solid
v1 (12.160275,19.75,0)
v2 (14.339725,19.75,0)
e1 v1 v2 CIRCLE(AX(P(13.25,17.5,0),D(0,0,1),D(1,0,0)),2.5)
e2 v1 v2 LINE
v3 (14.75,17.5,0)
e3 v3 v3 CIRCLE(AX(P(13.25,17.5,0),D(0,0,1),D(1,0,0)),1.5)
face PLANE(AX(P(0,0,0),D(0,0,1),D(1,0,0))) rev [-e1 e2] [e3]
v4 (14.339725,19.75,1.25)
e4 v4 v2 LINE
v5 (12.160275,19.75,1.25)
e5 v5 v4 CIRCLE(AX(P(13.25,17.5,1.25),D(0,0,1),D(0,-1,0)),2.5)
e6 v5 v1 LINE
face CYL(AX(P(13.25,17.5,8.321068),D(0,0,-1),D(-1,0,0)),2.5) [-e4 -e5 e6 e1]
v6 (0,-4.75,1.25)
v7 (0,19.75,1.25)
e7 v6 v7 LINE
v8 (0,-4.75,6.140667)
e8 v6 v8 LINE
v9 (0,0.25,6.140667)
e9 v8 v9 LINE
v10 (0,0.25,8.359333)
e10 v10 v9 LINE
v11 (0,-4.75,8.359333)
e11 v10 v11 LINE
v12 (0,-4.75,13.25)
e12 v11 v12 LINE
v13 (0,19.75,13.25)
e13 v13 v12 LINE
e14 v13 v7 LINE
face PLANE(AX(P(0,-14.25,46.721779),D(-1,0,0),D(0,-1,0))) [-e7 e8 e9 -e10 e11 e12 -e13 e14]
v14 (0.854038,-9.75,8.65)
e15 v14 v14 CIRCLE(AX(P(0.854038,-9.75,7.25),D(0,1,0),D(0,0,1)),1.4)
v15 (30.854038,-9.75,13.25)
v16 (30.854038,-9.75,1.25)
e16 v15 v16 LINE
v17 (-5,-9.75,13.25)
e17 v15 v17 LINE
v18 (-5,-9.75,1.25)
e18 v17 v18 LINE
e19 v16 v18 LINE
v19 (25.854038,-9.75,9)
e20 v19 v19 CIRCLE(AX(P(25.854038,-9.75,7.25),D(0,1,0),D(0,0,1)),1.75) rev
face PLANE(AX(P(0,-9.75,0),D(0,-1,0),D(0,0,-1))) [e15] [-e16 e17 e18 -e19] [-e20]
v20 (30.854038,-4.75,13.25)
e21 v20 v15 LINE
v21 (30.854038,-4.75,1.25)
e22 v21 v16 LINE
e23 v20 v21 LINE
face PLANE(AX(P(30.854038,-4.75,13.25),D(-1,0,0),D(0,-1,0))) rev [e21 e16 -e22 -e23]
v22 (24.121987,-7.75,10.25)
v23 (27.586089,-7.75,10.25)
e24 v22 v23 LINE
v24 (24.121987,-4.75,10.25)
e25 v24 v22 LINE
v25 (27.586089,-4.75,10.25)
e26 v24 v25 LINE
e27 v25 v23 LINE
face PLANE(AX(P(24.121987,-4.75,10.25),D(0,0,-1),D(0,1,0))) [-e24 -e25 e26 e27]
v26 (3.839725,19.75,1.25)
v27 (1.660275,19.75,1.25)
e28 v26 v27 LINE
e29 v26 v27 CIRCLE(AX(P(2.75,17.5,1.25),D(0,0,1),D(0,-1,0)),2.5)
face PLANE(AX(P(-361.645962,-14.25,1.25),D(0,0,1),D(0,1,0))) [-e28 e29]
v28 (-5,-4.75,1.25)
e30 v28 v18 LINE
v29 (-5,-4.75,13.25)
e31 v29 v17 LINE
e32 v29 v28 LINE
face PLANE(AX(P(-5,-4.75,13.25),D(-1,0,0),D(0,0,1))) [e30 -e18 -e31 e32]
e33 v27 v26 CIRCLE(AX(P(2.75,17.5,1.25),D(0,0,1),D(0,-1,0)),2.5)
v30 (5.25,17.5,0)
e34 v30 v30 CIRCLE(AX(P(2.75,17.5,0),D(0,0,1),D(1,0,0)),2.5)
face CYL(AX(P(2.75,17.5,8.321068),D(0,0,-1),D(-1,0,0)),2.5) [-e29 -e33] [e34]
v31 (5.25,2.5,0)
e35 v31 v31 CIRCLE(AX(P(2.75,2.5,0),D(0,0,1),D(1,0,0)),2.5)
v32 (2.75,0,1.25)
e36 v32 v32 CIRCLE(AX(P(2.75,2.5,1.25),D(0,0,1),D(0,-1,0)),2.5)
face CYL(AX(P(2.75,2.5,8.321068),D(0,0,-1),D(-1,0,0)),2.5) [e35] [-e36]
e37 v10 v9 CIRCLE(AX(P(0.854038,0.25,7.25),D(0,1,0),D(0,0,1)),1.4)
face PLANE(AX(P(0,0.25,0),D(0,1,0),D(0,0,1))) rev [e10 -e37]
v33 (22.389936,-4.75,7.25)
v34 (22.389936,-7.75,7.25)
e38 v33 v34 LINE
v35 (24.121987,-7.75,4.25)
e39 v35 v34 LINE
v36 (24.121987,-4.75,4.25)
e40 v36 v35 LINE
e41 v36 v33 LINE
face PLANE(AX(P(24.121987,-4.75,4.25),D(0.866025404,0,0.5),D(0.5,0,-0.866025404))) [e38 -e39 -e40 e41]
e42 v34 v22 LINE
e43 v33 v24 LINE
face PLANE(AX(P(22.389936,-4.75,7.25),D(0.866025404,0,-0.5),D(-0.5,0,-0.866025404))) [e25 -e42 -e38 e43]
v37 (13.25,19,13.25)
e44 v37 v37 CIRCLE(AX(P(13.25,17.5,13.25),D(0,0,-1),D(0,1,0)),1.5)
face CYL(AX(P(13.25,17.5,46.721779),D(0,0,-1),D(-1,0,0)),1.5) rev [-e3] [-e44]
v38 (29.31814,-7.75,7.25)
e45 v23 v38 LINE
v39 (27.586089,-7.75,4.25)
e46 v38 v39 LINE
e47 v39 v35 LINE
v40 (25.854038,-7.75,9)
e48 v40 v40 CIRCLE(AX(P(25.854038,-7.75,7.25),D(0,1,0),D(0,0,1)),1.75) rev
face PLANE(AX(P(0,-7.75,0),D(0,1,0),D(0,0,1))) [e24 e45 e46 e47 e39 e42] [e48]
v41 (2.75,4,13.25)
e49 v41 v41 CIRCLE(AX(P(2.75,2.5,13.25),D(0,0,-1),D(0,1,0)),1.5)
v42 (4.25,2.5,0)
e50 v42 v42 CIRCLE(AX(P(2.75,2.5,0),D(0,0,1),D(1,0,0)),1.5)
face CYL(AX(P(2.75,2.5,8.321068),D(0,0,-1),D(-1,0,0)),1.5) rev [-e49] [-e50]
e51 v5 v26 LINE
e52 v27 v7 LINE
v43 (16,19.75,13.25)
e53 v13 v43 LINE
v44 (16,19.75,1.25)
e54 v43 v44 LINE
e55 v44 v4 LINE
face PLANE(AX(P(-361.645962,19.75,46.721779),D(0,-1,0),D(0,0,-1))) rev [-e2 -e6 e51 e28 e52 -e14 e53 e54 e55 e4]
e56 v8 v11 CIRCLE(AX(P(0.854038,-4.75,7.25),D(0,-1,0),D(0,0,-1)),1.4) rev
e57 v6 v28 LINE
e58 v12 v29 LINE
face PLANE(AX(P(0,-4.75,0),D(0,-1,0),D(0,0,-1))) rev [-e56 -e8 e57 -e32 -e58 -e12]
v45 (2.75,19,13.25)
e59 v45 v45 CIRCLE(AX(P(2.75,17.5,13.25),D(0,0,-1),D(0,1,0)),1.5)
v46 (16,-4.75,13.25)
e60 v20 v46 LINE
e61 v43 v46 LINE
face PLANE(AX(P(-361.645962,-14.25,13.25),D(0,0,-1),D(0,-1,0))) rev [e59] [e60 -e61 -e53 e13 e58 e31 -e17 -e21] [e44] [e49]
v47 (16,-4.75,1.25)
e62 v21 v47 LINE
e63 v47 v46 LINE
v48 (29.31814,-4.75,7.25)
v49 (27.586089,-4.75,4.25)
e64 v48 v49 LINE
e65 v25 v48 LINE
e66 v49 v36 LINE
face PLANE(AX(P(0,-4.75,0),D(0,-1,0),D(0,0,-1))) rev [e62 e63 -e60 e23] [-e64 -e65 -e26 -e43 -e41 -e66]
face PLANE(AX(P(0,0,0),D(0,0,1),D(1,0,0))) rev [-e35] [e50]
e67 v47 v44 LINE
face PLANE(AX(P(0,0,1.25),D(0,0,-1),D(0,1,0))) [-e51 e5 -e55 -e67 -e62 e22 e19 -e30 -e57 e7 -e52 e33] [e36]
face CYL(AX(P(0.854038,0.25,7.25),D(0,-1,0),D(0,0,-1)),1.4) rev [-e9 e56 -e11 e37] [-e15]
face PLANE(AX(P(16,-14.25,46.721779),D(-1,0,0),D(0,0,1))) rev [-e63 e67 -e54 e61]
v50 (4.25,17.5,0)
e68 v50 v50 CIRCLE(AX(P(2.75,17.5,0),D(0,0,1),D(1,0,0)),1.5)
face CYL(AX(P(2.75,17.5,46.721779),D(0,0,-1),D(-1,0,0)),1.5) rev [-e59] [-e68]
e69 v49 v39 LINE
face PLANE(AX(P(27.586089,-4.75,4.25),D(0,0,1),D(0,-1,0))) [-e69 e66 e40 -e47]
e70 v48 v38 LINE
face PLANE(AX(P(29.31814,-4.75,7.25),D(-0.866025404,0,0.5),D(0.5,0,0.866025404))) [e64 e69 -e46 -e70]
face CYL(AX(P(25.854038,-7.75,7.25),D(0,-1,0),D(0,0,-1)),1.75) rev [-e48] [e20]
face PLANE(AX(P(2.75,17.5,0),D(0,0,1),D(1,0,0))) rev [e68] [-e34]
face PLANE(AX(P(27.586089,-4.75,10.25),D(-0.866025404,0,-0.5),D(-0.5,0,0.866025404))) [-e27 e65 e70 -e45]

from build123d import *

# Parameters (mm, degrees)
SKETCH1_R             = 2.5
SKETCH1_R_2           = 1.5
BOSS_EXTRUDE1_DEPTH   = 1.25
BOSS_EXTRUDE1_2_DEPTH = 1.25
BOSS_EXTRUDE1_3_DEPTH = 1.25
BOSS_EXTRUDE2_START   = 1.25
SKETCH1_3_W           = 16
SKETCH1_3_H           = 29.4
SKETCH1_3_R           = 2.5
SKETCH1_3_R_2         = 1.5
BOSS_EXTRUDE2_DEPTH   = 12
SKETCH2_W             = 35.854037965
SKETCH2_H             = 12
BOSS_EXTRUDE3_DEPTH   = 5
SKETCH2_3_W           = 35.854037965
SKETCH2_3_H           = 11
SKETCH2_3_R           = 1.75
SKETCH2_3_R_2         = 1.4
BOSS_EXTRUDE4_DEPTH   = 3
SKETCH2_4_R           = 1.4
CUT_EXTRUDE1_DEPTH    = 10
SKETCH2_5_R           = 1.75
BOSS_EXTRUDE5_DEPTH   = 2


with BuildPart() as part:
    # Sketch1 → Boss-Extrude1 (new body)
    with BuildSketch(Plane.XY):
        with Locations((2.75, 17.5)):
            Circle(SKETCH1_R)
        with Locations((2.75, 17.5)):
            Circle(SKETCH1_R_2, mode=Mode.SUBTRACT)
    extrude(amount=BOSS_EXTRUDE1_DEPTH)



with BuildPart() as body_2:
    # Sketch1 → Boss-Extrude1 2 (new body)
    with BuildSketch(Plane.XY):
        with BuildLine():
            Line((14.339724736, 19.75), (12.160275264, 19.75))
            ThreePointArc((12.160275264, 19.75), (13.25, 15), (14.339724736, 19.75))
        make_face()
        with Locations((13.25, 17.5)):
            Circle(SKETCH1_R_2, mode=Mode.SUBTRACT)
    extrude(amount=BOSS_EXTRUDE1_2_DEPTH)


with BuildPart() as body_3:
    # Sketch1 → Boss-Extrude1 3 (new body)
    with BuildSketch(Plane.XY):
        with Locations((2.75, 2.5)):
            Circle(SKETCH1_R)
        with Locations((2.75, 2.5)):
            Circle(SKETCH1_R_2, mode=Mode.SUBTRACT)
    extrude(amount=BOSS_EXTRUDE1_3_DEPTH)


with BuildPart() as part_1:
    add(part.part)

    add(body_2.part)  # Boss-Extrude2 merges body 2

    add(body_3.part)  # Boss-Extrude2 merges body 3
    # Sketch1<3> → Boss-Extrude2 (add)
    with BuildSketch(Plane.XY.offset(BOSS_EXTRUDE2_START)):
        with Locations((8, 5.05)):
            Rectangle(SKETCH1_3_W, SKETCH1_3_H)
        with Locations((13.25, 17.5)):
            Circle(SKETCH1_3_R, mode=Mode.SUBTRACT)
        with Locations((2.75, 17.5)):
            Circle(SKETCH1_3_R, mode=Mode.SUBTRACT)
        with Locations((2.75, 2.5)):
            Circle(SKETCH1_3_R, mode=Mode.SUBTRACT)
        with Locations((2.75, 2.5)):
            Circle(SKETCH1_3_R)
        with Locations((2.75, 2.5)):
            Circle(SKETCH1_3_R_2, mode=Mode.SUBTRACT)
        with BuildLine():
            Line((3.839724736, 19.75), (1.660275264, 19.75))
            ThreePointArc((1.660275264, 19.75), (1.422278614, 15.381709198), (5.25, 17.5))
            ThreePointArc((5.25, 17.5), (4.868290802, 18.827721386), (3.839724736, 19.75))
        make_face()
        with Locations((2.75, 17.5)):
            Circle(SKETCH1_3_R_2, mode=Mode.SUBTRACT)
        with BuildLine():
            Line((14.339724736, 19.75), (12.160275264, 19.75))
            ThreePointArc((12.160275264, 19.75), (11.922278614, 15.381709198), (15.75, 17.5))
            ThreePointArc((15.75, 17.5), (15.368290802, 18.827721386), (14.339724736, 19.75))
        make_face()
        with Locations((13.25, 17.5)):
            Circle(SKETCH1_3_R_2, mode=Mode.SUBTRACT)
    extrude(amount=BOSS_EXTRUDE2_DEPTH)

    # Sketch2 → Boss-Extrude3 (add)
    with BuildSketch(Plane(origin=(0, -9.75, 0), x_dir=(1, 0, 0), z_dir=(0, 1, 0))):
        with Locations((12.927018983, -7.25)):
            Rectangle(SKETCH2_W, SKETCH2_H)
        Polygon((29.31813958, -7.25), (27.586088773, -4.25), (24.121987157, -4.25), (22.38993635, -7.25), (24.121987157, -10.25), (27.586088773, -10.25), align=None, mode=Mode.SUBTRACT)
    extrude(amount=BOSS_EXTRUDE3_DEPTH)

    # Sketch2<3> → Boss-Extrude4 (add)
    with BuildSketch(Plane(origin=(0, -9.75, 0), x_dir=(1, 0, 0), z_dir=(0, 1, 0))):
        with Locations((12.927018983, -7.25)):
            Rectangle(SKETCH2_3_W, SKETCH2_3_H)
        with Locations((0.854037965, -7.25)):
            Circle(SKETCH2_3_R, mode=Mode.SUBTRACT)
        Polygon((27.586088773, -4.25), (29.31813958, -7.25), (27.586088773, -10.25), (24.121987157, -10.25), (22.38993635, -7.25), (24.121987157, -4.25), align=None, mode=Mode.SUBTRACT)
        with Locations((0.854037965, -7.25)):
            Circle(SKETCH2_3_R_2)
    extrude(amount=BOSS_EXTRUDE4_DEPTH)

    # Sketch2<4> → Cut-Extrude1 (cut)
    with BuildSketch(Plane(origin=(0, -9.75, 0), x_dir=(1, 0, 0), z_dir=(0, 1, 0))):
        with Locations((0.854037965, -7.25)):
            Circle(SKETCH2_4_R)
    extrude(amount=CUT_EXTRUDE1_DEPTH, mode=Mode.SUBTRACT)

    # Sketch2<5> → Boss-Extrude5 (add)
    with BuildSketch(Plane(origin=(0, -9.75, 0), x_dir=(1, 0, 0), z_dir=(0, 1, 0))):
        Polygon((24.121987157, -10.25), (27.586088773, -10.25), (29.31813958, -7.25), (27.586088773, -4.25), (24.121987157, -4.25), (22.38993635, -7.25), align=None)
        with Locations((25.854037965, -7.25)):
            Circle(SKETCH2_5_R, mode=Mode.SUBTRACT)
    extrude(amount=BOSS_EXTRUDE5_DEPTH)


solid = part_1.part
